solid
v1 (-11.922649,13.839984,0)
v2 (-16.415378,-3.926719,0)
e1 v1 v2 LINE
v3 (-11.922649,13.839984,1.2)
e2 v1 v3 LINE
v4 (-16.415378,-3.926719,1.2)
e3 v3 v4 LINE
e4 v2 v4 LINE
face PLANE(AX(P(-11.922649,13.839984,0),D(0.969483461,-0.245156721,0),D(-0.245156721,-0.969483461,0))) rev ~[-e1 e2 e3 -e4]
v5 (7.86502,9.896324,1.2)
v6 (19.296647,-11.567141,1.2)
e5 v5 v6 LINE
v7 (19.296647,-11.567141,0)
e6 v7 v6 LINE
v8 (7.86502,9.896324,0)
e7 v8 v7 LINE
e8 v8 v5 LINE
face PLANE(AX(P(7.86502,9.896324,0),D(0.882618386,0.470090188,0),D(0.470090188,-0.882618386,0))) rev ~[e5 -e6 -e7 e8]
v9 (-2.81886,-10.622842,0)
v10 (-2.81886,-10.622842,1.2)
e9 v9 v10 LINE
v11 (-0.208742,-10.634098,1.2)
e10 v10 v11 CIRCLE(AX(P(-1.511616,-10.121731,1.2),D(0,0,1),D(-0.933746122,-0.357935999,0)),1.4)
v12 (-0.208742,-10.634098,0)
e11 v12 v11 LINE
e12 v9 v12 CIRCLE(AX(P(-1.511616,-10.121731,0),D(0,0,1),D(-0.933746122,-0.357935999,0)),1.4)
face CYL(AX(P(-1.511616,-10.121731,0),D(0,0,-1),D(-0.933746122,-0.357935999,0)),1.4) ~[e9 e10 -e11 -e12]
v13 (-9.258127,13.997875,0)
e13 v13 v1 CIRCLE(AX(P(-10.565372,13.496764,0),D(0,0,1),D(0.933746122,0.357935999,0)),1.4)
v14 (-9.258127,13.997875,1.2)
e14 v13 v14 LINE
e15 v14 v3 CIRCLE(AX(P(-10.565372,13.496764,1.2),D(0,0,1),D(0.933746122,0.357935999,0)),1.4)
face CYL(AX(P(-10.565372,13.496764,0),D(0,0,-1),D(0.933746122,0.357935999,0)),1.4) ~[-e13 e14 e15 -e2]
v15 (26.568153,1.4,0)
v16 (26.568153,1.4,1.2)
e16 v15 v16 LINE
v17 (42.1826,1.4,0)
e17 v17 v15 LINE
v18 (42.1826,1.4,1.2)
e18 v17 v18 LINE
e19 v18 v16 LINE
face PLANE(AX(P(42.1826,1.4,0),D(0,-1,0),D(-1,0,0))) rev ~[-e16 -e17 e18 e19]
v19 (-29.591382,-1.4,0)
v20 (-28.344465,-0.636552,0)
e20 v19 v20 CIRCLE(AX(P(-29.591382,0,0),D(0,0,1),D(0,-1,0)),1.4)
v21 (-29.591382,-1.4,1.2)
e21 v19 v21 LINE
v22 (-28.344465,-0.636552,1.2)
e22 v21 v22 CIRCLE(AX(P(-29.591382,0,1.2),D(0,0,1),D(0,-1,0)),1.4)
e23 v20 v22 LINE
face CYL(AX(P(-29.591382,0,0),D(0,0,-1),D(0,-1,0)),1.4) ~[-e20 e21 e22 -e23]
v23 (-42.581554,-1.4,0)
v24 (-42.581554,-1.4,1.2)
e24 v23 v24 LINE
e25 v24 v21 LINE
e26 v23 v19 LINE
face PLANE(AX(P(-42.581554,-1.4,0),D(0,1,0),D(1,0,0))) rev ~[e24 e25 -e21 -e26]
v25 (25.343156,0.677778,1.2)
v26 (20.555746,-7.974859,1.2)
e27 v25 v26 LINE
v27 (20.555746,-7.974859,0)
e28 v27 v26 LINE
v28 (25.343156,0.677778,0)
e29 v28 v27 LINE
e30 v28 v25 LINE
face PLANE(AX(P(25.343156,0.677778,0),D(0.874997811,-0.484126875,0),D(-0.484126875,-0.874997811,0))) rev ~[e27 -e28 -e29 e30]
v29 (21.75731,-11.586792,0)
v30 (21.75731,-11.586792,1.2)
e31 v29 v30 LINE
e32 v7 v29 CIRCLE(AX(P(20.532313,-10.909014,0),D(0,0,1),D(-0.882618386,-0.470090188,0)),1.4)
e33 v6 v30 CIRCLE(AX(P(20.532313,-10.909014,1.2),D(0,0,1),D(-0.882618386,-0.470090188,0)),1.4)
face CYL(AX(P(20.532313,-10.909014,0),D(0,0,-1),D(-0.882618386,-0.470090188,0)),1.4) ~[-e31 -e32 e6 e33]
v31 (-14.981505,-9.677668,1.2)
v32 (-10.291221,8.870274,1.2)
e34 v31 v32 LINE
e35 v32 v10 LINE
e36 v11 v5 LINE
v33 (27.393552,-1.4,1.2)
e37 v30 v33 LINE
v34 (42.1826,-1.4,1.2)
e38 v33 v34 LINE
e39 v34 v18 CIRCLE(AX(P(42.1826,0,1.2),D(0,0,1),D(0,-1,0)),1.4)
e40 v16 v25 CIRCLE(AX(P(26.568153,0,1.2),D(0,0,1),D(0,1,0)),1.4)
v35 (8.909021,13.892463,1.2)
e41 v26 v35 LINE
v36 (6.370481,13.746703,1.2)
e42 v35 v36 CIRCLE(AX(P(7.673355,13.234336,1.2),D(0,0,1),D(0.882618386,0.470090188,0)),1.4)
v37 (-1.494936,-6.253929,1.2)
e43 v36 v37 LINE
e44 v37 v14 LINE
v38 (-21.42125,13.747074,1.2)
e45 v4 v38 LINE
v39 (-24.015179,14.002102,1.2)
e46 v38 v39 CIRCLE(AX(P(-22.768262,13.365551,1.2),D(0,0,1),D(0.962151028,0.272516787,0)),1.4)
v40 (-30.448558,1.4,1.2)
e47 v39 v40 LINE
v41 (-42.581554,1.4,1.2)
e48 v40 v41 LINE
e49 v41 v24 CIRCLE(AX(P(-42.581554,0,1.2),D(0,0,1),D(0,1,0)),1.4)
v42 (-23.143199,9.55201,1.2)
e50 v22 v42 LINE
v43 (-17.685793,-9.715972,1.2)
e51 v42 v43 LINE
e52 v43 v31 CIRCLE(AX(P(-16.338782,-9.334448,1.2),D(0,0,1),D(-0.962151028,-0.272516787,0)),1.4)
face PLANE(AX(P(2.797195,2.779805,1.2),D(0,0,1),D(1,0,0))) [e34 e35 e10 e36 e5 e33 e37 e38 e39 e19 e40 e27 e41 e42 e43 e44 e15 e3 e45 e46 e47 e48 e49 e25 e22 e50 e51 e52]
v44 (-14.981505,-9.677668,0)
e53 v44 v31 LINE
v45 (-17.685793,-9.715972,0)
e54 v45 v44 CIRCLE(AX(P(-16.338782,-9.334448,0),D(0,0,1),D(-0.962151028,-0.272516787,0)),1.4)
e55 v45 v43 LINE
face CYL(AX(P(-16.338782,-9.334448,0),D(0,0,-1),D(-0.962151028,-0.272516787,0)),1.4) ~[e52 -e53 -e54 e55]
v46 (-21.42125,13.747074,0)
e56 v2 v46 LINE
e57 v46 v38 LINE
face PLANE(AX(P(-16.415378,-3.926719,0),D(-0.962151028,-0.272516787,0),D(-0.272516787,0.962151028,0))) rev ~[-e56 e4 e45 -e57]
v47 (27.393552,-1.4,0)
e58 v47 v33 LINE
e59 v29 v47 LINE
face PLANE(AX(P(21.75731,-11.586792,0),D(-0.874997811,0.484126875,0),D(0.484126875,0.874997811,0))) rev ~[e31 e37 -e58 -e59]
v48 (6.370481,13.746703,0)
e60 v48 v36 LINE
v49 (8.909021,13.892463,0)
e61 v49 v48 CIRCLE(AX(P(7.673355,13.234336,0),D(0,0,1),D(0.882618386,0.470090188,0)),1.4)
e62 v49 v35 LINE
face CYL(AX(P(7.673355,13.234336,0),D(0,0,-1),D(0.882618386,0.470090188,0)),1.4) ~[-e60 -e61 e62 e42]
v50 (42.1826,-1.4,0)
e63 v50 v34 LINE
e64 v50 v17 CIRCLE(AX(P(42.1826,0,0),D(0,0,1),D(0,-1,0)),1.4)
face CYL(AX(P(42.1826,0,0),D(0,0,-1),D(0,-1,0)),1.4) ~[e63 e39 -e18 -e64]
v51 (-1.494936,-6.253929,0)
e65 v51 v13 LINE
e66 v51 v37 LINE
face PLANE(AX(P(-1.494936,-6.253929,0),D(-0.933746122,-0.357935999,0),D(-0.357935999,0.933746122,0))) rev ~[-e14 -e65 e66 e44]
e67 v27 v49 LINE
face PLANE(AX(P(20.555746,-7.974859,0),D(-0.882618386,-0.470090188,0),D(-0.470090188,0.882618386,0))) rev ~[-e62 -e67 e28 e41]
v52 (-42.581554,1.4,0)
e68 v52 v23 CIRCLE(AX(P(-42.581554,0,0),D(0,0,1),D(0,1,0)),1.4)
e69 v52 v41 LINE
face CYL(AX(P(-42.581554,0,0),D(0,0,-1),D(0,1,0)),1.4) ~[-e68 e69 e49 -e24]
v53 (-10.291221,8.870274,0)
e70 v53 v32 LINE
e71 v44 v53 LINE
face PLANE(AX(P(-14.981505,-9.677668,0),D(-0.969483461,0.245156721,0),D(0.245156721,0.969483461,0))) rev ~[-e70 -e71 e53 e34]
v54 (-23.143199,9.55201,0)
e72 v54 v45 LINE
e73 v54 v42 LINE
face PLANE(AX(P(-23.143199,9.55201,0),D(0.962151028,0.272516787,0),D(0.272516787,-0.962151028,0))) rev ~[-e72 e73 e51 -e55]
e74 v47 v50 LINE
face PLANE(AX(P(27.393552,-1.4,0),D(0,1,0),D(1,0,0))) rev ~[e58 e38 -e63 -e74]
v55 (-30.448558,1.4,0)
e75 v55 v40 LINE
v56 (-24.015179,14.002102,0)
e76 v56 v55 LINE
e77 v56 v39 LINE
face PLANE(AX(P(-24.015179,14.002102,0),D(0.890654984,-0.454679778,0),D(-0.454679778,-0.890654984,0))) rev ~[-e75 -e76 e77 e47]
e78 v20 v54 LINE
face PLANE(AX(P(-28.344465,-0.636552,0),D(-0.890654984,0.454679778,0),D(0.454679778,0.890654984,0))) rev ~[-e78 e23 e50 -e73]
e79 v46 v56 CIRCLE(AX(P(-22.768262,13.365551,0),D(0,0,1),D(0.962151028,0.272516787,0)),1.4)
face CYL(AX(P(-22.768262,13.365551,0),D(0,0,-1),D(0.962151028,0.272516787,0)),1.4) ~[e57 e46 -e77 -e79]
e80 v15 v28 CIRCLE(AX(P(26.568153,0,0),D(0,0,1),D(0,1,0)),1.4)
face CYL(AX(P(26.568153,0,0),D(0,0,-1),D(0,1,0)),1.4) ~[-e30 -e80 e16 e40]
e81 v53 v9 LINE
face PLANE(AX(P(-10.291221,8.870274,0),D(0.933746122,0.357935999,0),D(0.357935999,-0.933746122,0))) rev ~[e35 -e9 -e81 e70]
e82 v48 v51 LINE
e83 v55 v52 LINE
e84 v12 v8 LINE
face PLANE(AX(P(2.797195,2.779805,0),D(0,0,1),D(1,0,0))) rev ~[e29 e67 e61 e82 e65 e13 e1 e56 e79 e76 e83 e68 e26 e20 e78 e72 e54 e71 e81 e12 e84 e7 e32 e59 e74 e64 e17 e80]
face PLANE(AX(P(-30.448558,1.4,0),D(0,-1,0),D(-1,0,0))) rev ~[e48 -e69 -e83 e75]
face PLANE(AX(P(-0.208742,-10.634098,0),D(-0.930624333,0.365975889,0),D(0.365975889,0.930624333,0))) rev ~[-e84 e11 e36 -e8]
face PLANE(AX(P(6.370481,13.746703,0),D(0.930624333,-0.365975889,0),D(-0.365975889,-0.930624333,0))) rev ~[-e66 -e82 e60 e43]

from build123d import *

# Parameters (mm, degrees)
F1_DEPTH = 1.2


with BuildPart() as f1:
    # F0 (on Top) → F1 (new body)
    with BuildSketch(Plane.XY):
        with BuildLine():
            Line((6.3704812502, 13.7467025459), (-1.494936328, -6.2539292195))
            Line((-1.494936328, -6.2539292195), (-0.7523663042, -8.1910684925))
            Line((-0.7523663042, -8.1910684925), (6.9996274972, 11.521142834))
            Line((6.9996274972, 11.521142834), (6.4376895762, 12.5762100378))
            ThreePointArc((6.4376895762, 12.5762100378), (6.2756574717, 13.154082108), (6.3704812502, 13.7467025459))
        make_face()
        with BuildLine():
            ThreePointArc((21.7679784808, -10.2508880555), (21.9322680974, -10.9201946527), (21.7573096757, -11.5867919448))
            Line((21.7573096757, -11.5867919448), (27.3935520686, -1.4))
            Line((27.3935520686, -1.4), (26.5681530039, -1.4))
            ThreePointArc((26.5681530039, -1.4), (26.2181499387, -1.3555433798), (25.8903753784, -1.2249969349))
            Line((25.8903753784, -1.2249969349), (21.3405117264, -9.4482973485))
            Line((21.3405117264, -9.4482973485), (21.7679784808, -10.2508880555))
        make_face()
        with BuildLine():
            ThreePointArc((19.307315806, -10.2312366939), (19.1323573844, -10.897833986), (19.296647001, -11.5671405832))
            ThreePointArc((19.296647001, -11.5671405832), (20.5211324075, -12.3089696759), (21.7573096757, -11.5867919448))
            ThreePointArc((21.7573096757, -11.5867919448), (21.9322680974, -10.9201946527), (21.7679784808, -10.2508880555))
            Line((21.7679784808, -10.2508880555), (21.3405117264, -9.4482973485))
            Line((21.3405117264, -9.4482973485), (20.5323127409, -10.9090143194))
            Line((20.5323127409, -10.9090143194), (19.7475465303, -9.4355755986))
            Line((19.7475465303, -9.4355755986), (19.307315806, -10.2312366939))
        make_face()
        Polygon((-1.494936328, -6.2539292195), (-2.2541858179, -8.1845920629), (-1.5116157942, -10.1217313359), (-0.7523663042, -8.1910684925), align=None)
        Polygon((20.5557455158, -7.9748586277), (19.7475465303, -9.4355755986), (20.5323127409, -10.9090143194), (21.3405117264, -9.4482973485), align=None)
        with BuildLine():
            ThreePointArc((-0.204371223, -9.6206209378), (-0.1116288117, -10.127768624), (-0.2087417282, -10.6340975802))
            Line((-0.2087417282, -10.6340975802), (7.8650201285, 9.8963238823))
            Line((7.8650201285, 9.8963238823), (6.9996274972, 11.521142834))
            Line((6.9996274972, 11.521142834), (-0.7523663042, -8.1910684925))
            Line((-0.7523663042, -8.1910684925), (-0.204371223, -9.6206209378))
        make_face()
        with BuildLine():
            ThreePointArc((26.5681530039, 1.4), (25.8571286286, 1.2060034568), (25.343156069, 0.6777776255))
            ThreePointArc((25.343156069, 0.6777776255), (25.2226882092, -0.3869424845), (25.8903753784, -1.2249969349))
            Line((25.8903753784, -1.2249969349), (26.5681530039, 0))
            Line((26.5681530039, 0), (27.9681530039, 0))
            ThreePointArc((27.9681530039, 0), (27.5581024975, 0.9899494937), (26.5681530039, 1.4))
        make_face()
        with BuildLine():
            Line((25.343156069, 0.6777776255), (20.5557455158, -7.9748586277))
            Line((20.5557455158, -7.9748586277), (21.3405117264, -9.4482973485))
            Line((21.3405117264, -9.4482973485), (25.8903753784, -1.2249969349))
            ThreePointArc((25.8903753784, -1.2249969349), (25.2226882092, -0.3869424845), (25.343156069, 0.6777776255))
        make_face()
        with BuildLine():
            ThreePointArc((8.9090210561, 13.8924625655), (7.5931011225, 14.6320341461), (6.3704812502, 13.7467025459))
            ThreePointArc((6.3704812502, 13.7467025459), (6.2756574717, 13.154082108), (6.4376895762, 12.5762100378))
            Line((6.4376895762, 12.5762100378), (6.9996274972, 11.521142834))
            Line((6.9996274972, 11.521142834), (7.6733553161, 13.2343363017))
            Line((7.6733553161, 13.2343363017), (8.5387479474, 11.6095173501))
            Line((8.5387479474, 11.6095173501), (8.9762293821, 12.7219700574))
            ThreePointArc((8.9762293821, 12.7219700574), (9.0710531606, 13.3145904953), (8.9090210561, 13.8924625655))
        make_face()
        Polygon((-11.1613144434, 11.1400828532), (-10.291221096, 8.8702740266), (-9.6952787124, 11.2269554259), (-10.5653720597, 13.4967642526), align=None)
        with BuildLine():
            Line((-11.9226489058, 13.8399836623), (-16.4153779515, -3.9267187325))
            Line((-16.4153779515, -3.9267187325), (-15.6524504368, -6.6203197433))
            Line((-15.6524504368, -6.6203197433), (-11.1613144434, 11.1400828532))
            Line((-11.1613144434, 11.1400828532), (-11.8726166309, 12.9956538545))
            ThreePointArc((-11.8726166309, 12.9956538545), (-11.9629205569, 13.4139500136), (-11.9226489058, 13.8399836623))
        make_face()
        with BuildLine():
            ThreePointArc((-9.2581274886, 13.9978746507), (-10.6481862987, 14.8943127497), (-11.9226489058, 13.8399836623))
            ThreePointArc((-11.9226489058, 13.8399836623), (-11.9629205569, 13.4139500136), (-11.8726166309, 12.9956538545))
            Line((-11.8726166309, 12.9956538545), (-11.1613144434, 11.1400828532))
            Line((-11.1613144434, 11.1400828532), (-10.5653720597, 13.4967642526))
            Line((-10.5653720597, 13.4967642526), (-9.6952787124, 11.2269554259))
            Line((-9.6952787124, 11.2269554259), (-9.2080952137, 13.1535448428))
            ThreePointArc((-9.2080952137, 13.1535448428), (-9.1678235626, 13.5795784916), (-9.2581274886, 13.9978746507))
        make_face()
        with BuildLine():
            Line((-9.2080952137, 13.1535448428), (-9.6952787124, 11.2269554259))
            Line((-9.6952787124, 11.2269554259), (-2.2541858179, -8.1845920629))
            Line((-2.2541858179, -8.1845920629), (-1.494936328, -6.2539292195))
            Line((-1.494936328, -6.2539292195), (-9.2581274886, 13.9978746507))
            ThreePointArc((-9.2581274886, 13.9978746507), (-9.1678235626, 13.5795784916), (-9.2080952137, 13.1535448428))
        make_face()
        with BuildLine():
            Line((27.7931499387, -0.6777776255), (27.3935520686, -1.4))
            Line((27.3935520686, -1.4), (42.1826000015, -1.4))
            ThreePointArc((42.1826000015, -1.4), (43.5826000015, 0), (42.1826000015, 1.4))
            Line((42.1826000015, 1.4), (26.5681530039, 1.4))
            ThreePointArc((26.5681530039, 1.4), (27.5581024975, 0.9899494937), (27.9681530039, 0))
            ThreePointArc((27.9681530039, 0), (27.9236963836, -0.3500030651), (27.7931499387, -0.6777776255))
        make_face()
        with BuildLine():
            ThreePointArc((-29.5913815498, -1.4), (-30.5813310435, -0.9899494937), (-30.9913815498, 0))
            ThreePointArc((-30.9913815498, 0), (-30.9525728971, 0.327350143), (-30.8382985268, 0.6365516888))
            Line((-30.8382985268, 0.6365516888), (-30.4485578137, 1.4))
            Line((-30.4485578137, 1.4), (-42.5815542539, 1.4))
            ThreePointArc((-42.5815542539, 1.4), (-43.9815542539, 0), (-42.5815542539, -1.4))
            Line((-42.5815542539, -1.4), (-29.5913815498, -1.4))
        make_face()
        with BuildLine():
            Line((-29.5913815498, 0), (-30.9913815498, 0))
            ThreePointArc((-30.9913815498, 0), (-30.5813310435, -0.9899494937), (-29.5913815498, -1.4))
            ThreePointArc((-29.5913815498, -1.4), (-28.8603454236, -1.1939791381), (-28.3444645728, -0.6365516888))
            ThreePointArc((-28.3444645728, -0.6365516888), (-28.2595680841, 0.4315934343), (-28.9548298611, 1.246916977))
            Line((-28.9548298611, 1.246916977), (-29.5913815498, 0))
        make_face()
        with BuildLine():
            ThreePointArc((-29.5913815498, 1.4), (-29.2640314069, 1.3611913473), (-28.9548298611, 1.246916977))
            Line((-28.9548298611, 1.246916977), (-23.7041070264, 11.532358929))
            Line((-23.7041070264, 11.532358929), (-24.1152732197, 12.9840272101))
            ThreePointArc((-24.1152732197, 12.9840272101), (-24.1615440312, 13.5025345407), (-24.0151787573, 14.0021024005))
            Line((-24.0151787573, 14.0021024005), (-30.4485578137, 1.4))
            Line((-30.4485578137, 1.4), (-29.5913815498, 1.4))
        make_face()
        with BuildLine():
            Line((-23.7041070264, 11.532358929), (-28.9548298611, 1.246916977))
            ThreePointArc((-28.9548298611, 1.246916977), (-28.2595680841, 0.4315934343), (-28.3444645728, -0.6365516888))
            Line((-28.3444645728, -0.6365516888), (-23.1431989939, 9.5520103193))
            Line((-23.1431989939, 9.5520103193), (-23.7041070264, 11.532358929))
        make_face()
        with BuildLine():
            Line((-24.1152732197, 12.9840272101), (-23.7041070264, 11.532358929))
            Line((-23.7041070264, 11.532358929), (-22.7682617803, 13.3655507118))
            Line((-22.7682617803, 13.3655507118), (-22.2073537479, 11.3852021021))
            Line((-22.2073537479, 11.3852021021), (-21.5213448033, 12.728999023))
            ThreePointArc((-21.5213448033, 12.728999023), (-21.3749795295, 13.2285668828), (-21.421250341, 13.7470742134))
            ThreePointArc((-21.421250341, 13.7470742134), (-22.6312779514, 14.7588329626), (-24.0151787573, 14.0021024005))
            ThreePointArc((-24.0151787573, 14.0021024005), (-24.1615440312, 13.5025345407), (-24.1152732197, 12.9840272101))
        make_face()
        Polygon((-22.7682617803, 13.3655507118), (-23.7041070264, 11.532358929), (-23.1431989939, 9.5520103193), (-22.2073537479, 11.3852021021), align=None)
        with BuildLine():
            Line((-21.5213448033, 12.728999023), (-22.2073537479, 11.3852021021))
            Line((-22.2073537479, 11.3852021021), (-17.1017092788, -6.6408473417))
            Line((-17.1017092788, -6.6408473417), (-16.4153779515, -3.9267187325))
            Line((-16.4153779515, -3.9267187325), (-21.421250341, 13.7470742134))
            ThreePointArc((-21.421250341, 13.7470742134), (-21.3749795295, 13.2285668828), (-21.5213448033, 12.728999023))
        make_face()
        with BuildLine():
            Line((-22.2073537479, 11.3852021021), (-23.1431989939, 9.5520103193))
            Line((-23.1431989939, 9.5520103193), (-17.6857932034, -9.7159718541))
            ThreePointArc((-17.6857932034, -9.7159718541), (-17.738641348, -9.3542762497), (-17.6960586101, -8.9912289427))
            Line((-17.6960586101, -8.9912289427), (-17.1017092788, -6.6408473417))
            Line((-17.1017092788, -6.6408473417), (-22.2073537479, 11.3852021021))
        make_face()
        with BuildLine():
            ThreePointArc((-17.6960586101, -8.9912289427), (-17.738641348, -9.3542762497), (-17.6857932034, -9.7159718541))
            ThreePointArc((-17.6857932034, -9.7159718541), (-16.3189538669, -10.7343079363), (-14.9815049181, -9.6776677622))
            ThreePointArc((-14.9815049181, -9.6776677622), (-14.9389221803, -9.3146204552), (-14.9917703248, -8.9529248508))
            Line((-14.9917703248, -8.9529248508), (-15.6524504368, -6.6203197433))
            Line((-15.6524504368, -6.6203197433), (-16.3387817641, -9.3344483525))
            Line((-16.3387817641, -9.3344483525), (-17.1017092788, -6.6408473417))
            Line((-17.1017092788, -6.6408473417), (-17.6960586101, -8.9912289427))
        make_face()
        Polygon((-16.4153779515, -3.9267187325), (-17.1017092788, -6.6408473417), (-16.3387817641, -9.3344483525), (-15.6524504368, -6.6203197433), align=None)
        with BuildLine():
            ThreePointArc((-14.9917703248, -8.9529248508), (-14.9389221803, -9.3146204552), (-14.9815049181, -9.6776677622))
            Line((-14.9815049181, -9.6776677622), (-10.291221096, 8.8702740266))
            Line((-10.291221096, 8.8702740266), (-11.1613144434, 11.1400828532))
            Line((-11.1613144434, 11.1400828532), (-15.6524504368, -6.6203197433))
            Line((-15.6524504368, -6.6203197433), (-14.9917703248, -8.9529248508))
        make_face()
        Polygon((6.9996274972, 11.521142834), (7.8650201285, 9.8963238823), (8.5387479474, 11.6095173501), (7.6733553161, 13.2343363017), align=None)
        with BuildLine():
            Line((-9.6952787124, 11.2269554259), (-10.291221096, 8.8702740266))
            Line((-10.291221096, 8.8702740266), (-2.8188603653, -10.622841734))
            ThreePointArc((-2.8188603653, -10.622841734), (-2.9116027766, -10.1156940479), (-2.8144898601, -9.6093650917))
            Line((-2.8144898601, -9.6093650917), (-2.2541858179, -8.1845920629))
            Line((-2.2541858179, -8.1845920629), (-9.6952787124, 11.2269554259))
        make_face()
        with BuildLine():
            Line((8.5387479474, 11.6095173501), (7.8650201285, 9.8963238823))
            Line((7.8650201285, 9.8963238823), (19.296647001, -11.5671405832))
            ThreePointArc((19.296647001, -11.5671405832), (19.1323573844, -10.897833986), (19.307315806, -10.2312366939))
            Line((19.307315806, -10.2312366939), (19.7475465303, -9.4355755986))
            Line((19.7475465303, -9.4355755986), (8.5387479474, 11.6095173501))
        make_face()
        with BuildLine():
            ThreePointArc((-2.8144898601, -9.6093650917), (-2.9116027766, -10.1156940479), (-2.8188603653, -10.622841734))
            ThreePointArc((-2.8188603653, -10.622841734), (-1.5176530822, -11.5217183184), (-0.2087417282, -10.6340975802))
            ThreePointArc((-0.2087417282, -10.6340975802), (-0.1116288117, -10.127768624), (-0.204371223, -9.6206209378))
            Line((-0.204371223, -9.6206209378), (-0.7523663042, -8.1910684925))
            Line((-0.7523663042, -8.1910684925), (-1.5116157942, -10.1217313359))
            Line((-1.5116157942, -10.1217313359), (-2.2541858179, -8.1845920629))
            Line((-2.2541858179, -8.1845920629), (-2.8144898601, -9.6093650917))
        make_face()
        with BuildLine():
            Line((8.9762293821, 12.7219700574), (8.5387479474, 11.6095173501))
            Line((8.5387479474, 11.6095173501), (19.7475465303, -9.4355755986))
            Line((19.7475465303, -9.4355755986), (20.5557455158, -7.9748586277))
            Line((20.5557455158, -7.9748586277), (8.9090210561, 13.8924625655))
            ThreePointArc((8.9090210561, 13.8924625655), (9.0710531606, 13.3145904953), (8.9762293821, 12.7219700574))
        make_face()
        with BuildLine():
            ThreePointArc((-30.8382985268, 0.6365516888), (-30.9525728971, 0.327350143), (-30.9913815498, 0))
            Line((-30.9913815498, 0), (-29.5913815498, 0))
            Line((-29.5913815498, 0), (-28.9548298611, 1.246916977))
            ThreePointArc((-28.9548298611, 1.246916977), (-29.2640314069, 1.3611913473), (-29.5913815498, 1.4))
            Line((-29.5913815498, 1.4), (-30.4485578137, 1.4))
            Line((-30.4485578137, 1.4), (-30.8382985268, 0.6365516888))
        make_face()
        with BuildLine():
            Line((26.5681530039, -1.4), (27.3935520686, -1.4))
            Line((27.3935520686, -1.4), (27.7931499387, -0.6777776255))
            ThreePointArc((27.7931499387, -0.6777776255), (27.9236963836, -0.3500030651), (27.9681530039, 0))
            Line((27.9681530039, 0), (26.5681530039, 0))
            Line((26.5681530039, 0), (25.8903753784, -1.2249969349))
            ThreePointArc((25.8903753784, -1.2249969349), (26.2181499387, -1.3555433798), (26.5681530039, -1.4))
        make_face()
    extrude(amount=F1_DEPTH)


solid = f1.part
